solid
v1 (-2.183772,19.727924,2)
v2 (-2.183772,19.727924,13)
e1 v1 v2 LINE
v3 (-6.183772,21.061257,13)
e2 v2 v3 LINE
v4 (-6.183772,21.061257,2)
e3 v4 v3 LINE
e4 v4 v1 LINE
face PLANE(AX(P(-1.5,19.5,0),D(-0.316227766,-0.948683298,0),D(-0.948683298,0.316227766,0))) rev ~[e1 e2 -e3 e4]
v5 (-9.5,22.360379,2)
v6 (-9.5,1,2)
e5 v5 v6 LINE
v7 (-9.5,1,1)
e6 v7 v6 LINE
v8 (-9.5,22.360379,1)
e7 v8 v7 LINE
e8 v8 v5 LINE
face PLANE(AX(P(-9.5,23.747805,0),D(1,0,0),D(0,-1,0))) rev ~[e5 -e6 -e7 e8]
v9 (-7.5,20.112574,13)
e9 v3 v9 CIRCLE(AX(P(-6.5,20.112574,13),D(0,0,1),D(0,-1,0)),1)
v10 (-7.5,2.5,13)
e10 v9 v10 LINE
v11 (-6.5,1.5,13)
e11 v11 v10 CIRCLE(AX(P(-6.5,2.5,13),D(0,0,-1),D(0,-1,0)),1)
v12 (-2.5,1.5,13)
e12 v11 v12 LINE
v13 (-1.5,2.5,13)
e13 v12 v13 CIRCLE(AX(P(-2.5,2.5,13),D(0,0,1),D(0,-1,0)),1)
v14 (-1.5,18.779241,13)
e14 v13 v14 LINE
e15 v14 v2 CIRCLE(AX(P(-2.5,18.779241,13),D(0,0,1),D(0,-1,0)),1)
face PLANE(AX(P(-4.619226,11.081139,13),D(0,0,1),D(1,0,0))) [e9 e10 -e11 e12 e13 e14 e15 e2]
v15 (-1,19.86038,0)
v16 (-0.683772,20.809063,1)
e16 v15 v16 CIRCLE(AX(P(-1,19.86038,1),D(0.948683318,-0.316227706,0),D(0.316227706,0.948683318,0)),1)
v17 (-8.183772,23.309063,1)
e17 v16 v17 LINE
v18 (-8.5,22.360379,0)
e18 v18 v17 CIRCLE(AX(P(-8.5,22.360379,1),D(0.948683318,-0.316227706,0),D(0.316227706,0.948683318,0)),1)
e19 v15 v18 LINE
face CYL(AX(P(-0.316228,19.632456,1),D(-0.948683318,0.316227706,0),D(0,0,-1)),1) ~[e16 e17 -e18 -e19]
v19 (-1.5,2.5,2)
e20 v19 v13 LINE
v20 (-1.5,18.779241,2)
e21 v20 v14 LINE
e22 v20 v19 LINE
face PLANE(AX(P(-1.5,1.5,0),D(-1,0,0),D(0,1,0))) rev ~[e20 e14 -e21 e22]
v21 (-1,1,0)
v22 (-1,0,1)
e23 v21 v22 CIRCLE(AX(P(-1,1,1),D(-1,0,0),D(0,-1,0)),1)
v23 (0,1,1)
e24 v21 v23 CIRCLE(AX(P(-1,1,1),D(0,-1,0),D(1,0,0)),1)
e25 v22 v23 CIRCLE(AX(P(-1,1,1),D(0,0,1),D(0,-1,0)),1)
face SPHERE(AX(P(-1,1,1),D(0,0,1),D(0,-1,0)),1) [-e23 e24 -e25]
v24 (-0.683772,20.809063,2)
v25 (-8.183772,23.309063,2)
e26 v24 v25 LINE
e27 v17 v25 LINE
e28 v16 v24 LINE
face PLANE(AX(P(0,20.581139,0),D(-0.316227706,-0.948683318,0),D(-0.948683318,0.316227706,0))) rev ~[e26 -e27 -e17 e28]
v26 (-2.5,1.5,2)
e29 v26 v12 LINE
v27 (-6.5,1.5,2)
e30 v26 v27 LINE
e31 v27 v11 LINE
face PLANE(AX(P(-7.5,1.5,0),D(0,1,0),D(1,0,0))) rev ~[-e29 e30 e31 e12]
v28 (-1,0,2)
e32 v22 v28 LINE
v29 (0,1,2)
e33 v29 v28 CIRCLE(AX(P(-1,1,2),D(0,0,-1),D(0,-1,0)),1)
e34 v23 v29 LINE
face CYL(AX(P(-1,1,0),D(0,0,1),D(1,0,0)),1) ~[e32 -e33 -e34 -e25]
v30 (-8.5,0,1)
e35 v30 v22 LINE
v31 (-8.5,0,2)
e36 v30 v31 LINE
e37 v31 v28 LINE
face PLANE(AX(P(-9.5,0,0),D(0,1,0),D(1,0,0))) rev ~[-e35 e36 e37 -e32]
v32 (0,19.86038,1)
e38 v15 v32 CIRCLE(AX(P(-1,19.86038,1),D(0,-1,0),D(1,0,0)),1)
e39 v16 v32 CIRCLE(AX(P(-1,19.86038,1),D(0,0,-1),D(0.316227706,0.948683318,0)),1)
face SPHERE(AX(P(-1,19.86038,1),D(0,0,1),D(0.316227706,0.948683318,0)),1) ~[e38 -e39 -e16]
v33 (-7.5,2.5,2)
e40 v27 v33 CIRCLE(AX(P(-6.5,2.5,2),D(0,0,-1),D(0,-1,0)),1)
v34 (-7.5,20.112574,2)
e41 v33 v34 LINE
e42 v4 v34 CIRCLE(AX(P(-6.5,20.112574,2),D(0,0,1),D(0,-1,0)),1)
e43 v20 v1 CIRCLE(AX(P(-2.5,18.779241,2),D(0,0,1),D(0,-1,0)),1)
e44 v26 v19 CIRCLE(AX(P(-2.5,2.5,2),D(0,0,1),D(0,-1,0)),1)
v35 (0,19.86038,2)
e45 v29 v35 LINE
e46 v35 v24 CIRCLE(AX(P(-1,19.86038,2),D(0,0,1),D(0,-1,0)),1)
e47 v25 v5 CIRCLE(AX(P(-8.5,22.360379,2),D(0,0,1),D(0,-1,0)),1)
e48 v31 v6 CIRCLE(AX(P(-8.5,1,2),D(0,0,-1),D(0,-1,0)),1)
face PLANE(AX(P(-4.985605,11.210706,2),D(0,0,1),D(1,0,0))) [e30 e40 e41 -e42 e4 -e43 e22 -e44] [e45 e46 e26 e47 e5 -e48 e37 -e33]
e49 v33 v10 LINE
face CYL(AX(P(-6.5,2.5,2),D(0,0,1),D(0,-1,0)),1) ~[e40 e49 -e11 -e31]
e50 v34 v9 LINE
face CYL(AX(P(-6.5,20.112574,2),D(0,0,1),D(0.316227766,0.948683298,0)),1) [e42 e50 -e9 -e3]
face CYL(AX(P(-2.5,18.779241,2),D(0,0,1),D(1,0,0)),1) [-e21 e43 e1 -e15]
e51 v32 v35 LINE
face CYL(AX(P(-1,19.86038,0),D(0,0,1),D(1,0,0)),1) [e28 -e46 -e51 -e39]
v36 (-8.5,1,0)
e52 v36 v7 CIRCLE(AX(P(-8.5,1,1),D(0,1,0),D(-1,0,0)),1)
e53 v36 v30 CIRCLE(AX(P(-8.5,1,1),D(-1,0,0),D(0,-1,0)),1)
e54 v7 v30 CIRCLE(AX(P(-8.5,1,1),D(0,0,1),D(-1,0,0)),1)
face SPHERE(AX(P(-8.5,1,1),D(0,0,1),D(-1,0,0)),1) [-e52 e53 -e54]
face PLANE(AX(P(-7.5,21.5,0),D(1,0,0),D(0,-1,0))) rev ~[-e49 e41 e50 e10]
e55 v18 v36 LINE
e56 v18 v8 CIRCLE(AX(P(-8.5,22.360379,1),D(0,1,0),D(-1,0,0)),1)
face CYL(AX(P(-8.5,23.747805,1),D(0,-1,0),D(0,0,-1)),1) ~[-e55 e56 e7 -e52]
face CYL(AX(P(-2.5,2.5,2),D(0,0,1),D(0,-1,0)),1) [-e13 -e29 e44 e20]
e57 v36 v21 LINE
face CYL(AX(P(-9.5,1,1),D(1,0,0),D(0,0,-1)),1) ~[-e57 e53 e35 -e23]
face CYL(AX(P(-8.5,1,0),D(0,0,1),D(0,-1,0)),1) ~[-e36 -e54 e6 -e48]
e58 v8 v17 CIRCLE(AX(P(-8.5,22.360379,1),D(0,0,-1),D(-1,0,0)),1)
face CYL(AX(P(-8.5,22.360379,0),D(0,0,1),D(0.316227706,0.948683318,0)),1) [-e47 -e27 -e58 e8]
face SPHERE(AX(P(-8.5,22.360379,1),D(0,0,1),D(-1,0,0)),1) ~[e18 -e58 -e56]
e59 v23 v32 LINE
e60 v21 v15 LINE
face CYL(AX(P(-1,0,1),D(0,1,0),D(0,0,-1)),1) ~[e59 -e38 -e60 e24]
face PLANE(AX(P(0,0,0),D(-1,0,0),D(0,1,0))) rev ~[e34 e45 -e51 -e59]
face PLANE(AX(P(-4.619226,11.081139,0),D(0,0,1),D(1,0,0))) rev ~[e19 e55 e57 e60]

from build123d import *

# Parameters (mm, degrees)
F1_DEPTH = 2
F2_DEPTH = 13
F3_R     = 1


with BuildPart() as f1:
    # F0 (on Top) → F1 (new body)
    with BuildSketch(Plane.XY):
        Polygon((0, 0), (0, 20.581139), (-9.5, 23.747805), (-9.5, 0), align=None)
        Polygon((-1.5, 1.5), (-7.5, 1.5), (-7.5, 21.5), (-1.5, 19.5), align=None, mode=Mode.SUBTRACT)
        Polygon((-7.5, 21.5), (-7.5, 1.5), (-1.5, 1.5), (-1.5, 19.5), align=None)
    extrude(amount=F1_DEPTH)

    # F0 (on Top) → F2 (join)
    with BuildSketch(Plane.XY):
        Polygon((-7.5, 21.5), (-7.5, 1.5), (-1.5, 1.5), (-1.5, 19.5), align=None)
    extrude(amount=F2_DEPTH)

    # F3
    f3_edges = [f1.edges().sort_by_distance(p)[0] for p in [
        (-7.5, 21.5, 7.5),
        (-9.5, 23.747805, 1),
        (0, 20.581139, 1),
        (-1.5, 19.5, 7.5),
        (0, 0, 1),
        (-1.5, 1.5, 7.5),
        (-9.5, 0, 1),
        (-7.5, 1.5, 7.5),
        (-9.5, 11.873903, 0),
        (-4.75, 0, 0),
        (-4.75, 22.164472, 0),
        (0, 10.290569, 0),
    ]]
    fillet(f3_edges, radius=F3_R)


solid = f1.part
